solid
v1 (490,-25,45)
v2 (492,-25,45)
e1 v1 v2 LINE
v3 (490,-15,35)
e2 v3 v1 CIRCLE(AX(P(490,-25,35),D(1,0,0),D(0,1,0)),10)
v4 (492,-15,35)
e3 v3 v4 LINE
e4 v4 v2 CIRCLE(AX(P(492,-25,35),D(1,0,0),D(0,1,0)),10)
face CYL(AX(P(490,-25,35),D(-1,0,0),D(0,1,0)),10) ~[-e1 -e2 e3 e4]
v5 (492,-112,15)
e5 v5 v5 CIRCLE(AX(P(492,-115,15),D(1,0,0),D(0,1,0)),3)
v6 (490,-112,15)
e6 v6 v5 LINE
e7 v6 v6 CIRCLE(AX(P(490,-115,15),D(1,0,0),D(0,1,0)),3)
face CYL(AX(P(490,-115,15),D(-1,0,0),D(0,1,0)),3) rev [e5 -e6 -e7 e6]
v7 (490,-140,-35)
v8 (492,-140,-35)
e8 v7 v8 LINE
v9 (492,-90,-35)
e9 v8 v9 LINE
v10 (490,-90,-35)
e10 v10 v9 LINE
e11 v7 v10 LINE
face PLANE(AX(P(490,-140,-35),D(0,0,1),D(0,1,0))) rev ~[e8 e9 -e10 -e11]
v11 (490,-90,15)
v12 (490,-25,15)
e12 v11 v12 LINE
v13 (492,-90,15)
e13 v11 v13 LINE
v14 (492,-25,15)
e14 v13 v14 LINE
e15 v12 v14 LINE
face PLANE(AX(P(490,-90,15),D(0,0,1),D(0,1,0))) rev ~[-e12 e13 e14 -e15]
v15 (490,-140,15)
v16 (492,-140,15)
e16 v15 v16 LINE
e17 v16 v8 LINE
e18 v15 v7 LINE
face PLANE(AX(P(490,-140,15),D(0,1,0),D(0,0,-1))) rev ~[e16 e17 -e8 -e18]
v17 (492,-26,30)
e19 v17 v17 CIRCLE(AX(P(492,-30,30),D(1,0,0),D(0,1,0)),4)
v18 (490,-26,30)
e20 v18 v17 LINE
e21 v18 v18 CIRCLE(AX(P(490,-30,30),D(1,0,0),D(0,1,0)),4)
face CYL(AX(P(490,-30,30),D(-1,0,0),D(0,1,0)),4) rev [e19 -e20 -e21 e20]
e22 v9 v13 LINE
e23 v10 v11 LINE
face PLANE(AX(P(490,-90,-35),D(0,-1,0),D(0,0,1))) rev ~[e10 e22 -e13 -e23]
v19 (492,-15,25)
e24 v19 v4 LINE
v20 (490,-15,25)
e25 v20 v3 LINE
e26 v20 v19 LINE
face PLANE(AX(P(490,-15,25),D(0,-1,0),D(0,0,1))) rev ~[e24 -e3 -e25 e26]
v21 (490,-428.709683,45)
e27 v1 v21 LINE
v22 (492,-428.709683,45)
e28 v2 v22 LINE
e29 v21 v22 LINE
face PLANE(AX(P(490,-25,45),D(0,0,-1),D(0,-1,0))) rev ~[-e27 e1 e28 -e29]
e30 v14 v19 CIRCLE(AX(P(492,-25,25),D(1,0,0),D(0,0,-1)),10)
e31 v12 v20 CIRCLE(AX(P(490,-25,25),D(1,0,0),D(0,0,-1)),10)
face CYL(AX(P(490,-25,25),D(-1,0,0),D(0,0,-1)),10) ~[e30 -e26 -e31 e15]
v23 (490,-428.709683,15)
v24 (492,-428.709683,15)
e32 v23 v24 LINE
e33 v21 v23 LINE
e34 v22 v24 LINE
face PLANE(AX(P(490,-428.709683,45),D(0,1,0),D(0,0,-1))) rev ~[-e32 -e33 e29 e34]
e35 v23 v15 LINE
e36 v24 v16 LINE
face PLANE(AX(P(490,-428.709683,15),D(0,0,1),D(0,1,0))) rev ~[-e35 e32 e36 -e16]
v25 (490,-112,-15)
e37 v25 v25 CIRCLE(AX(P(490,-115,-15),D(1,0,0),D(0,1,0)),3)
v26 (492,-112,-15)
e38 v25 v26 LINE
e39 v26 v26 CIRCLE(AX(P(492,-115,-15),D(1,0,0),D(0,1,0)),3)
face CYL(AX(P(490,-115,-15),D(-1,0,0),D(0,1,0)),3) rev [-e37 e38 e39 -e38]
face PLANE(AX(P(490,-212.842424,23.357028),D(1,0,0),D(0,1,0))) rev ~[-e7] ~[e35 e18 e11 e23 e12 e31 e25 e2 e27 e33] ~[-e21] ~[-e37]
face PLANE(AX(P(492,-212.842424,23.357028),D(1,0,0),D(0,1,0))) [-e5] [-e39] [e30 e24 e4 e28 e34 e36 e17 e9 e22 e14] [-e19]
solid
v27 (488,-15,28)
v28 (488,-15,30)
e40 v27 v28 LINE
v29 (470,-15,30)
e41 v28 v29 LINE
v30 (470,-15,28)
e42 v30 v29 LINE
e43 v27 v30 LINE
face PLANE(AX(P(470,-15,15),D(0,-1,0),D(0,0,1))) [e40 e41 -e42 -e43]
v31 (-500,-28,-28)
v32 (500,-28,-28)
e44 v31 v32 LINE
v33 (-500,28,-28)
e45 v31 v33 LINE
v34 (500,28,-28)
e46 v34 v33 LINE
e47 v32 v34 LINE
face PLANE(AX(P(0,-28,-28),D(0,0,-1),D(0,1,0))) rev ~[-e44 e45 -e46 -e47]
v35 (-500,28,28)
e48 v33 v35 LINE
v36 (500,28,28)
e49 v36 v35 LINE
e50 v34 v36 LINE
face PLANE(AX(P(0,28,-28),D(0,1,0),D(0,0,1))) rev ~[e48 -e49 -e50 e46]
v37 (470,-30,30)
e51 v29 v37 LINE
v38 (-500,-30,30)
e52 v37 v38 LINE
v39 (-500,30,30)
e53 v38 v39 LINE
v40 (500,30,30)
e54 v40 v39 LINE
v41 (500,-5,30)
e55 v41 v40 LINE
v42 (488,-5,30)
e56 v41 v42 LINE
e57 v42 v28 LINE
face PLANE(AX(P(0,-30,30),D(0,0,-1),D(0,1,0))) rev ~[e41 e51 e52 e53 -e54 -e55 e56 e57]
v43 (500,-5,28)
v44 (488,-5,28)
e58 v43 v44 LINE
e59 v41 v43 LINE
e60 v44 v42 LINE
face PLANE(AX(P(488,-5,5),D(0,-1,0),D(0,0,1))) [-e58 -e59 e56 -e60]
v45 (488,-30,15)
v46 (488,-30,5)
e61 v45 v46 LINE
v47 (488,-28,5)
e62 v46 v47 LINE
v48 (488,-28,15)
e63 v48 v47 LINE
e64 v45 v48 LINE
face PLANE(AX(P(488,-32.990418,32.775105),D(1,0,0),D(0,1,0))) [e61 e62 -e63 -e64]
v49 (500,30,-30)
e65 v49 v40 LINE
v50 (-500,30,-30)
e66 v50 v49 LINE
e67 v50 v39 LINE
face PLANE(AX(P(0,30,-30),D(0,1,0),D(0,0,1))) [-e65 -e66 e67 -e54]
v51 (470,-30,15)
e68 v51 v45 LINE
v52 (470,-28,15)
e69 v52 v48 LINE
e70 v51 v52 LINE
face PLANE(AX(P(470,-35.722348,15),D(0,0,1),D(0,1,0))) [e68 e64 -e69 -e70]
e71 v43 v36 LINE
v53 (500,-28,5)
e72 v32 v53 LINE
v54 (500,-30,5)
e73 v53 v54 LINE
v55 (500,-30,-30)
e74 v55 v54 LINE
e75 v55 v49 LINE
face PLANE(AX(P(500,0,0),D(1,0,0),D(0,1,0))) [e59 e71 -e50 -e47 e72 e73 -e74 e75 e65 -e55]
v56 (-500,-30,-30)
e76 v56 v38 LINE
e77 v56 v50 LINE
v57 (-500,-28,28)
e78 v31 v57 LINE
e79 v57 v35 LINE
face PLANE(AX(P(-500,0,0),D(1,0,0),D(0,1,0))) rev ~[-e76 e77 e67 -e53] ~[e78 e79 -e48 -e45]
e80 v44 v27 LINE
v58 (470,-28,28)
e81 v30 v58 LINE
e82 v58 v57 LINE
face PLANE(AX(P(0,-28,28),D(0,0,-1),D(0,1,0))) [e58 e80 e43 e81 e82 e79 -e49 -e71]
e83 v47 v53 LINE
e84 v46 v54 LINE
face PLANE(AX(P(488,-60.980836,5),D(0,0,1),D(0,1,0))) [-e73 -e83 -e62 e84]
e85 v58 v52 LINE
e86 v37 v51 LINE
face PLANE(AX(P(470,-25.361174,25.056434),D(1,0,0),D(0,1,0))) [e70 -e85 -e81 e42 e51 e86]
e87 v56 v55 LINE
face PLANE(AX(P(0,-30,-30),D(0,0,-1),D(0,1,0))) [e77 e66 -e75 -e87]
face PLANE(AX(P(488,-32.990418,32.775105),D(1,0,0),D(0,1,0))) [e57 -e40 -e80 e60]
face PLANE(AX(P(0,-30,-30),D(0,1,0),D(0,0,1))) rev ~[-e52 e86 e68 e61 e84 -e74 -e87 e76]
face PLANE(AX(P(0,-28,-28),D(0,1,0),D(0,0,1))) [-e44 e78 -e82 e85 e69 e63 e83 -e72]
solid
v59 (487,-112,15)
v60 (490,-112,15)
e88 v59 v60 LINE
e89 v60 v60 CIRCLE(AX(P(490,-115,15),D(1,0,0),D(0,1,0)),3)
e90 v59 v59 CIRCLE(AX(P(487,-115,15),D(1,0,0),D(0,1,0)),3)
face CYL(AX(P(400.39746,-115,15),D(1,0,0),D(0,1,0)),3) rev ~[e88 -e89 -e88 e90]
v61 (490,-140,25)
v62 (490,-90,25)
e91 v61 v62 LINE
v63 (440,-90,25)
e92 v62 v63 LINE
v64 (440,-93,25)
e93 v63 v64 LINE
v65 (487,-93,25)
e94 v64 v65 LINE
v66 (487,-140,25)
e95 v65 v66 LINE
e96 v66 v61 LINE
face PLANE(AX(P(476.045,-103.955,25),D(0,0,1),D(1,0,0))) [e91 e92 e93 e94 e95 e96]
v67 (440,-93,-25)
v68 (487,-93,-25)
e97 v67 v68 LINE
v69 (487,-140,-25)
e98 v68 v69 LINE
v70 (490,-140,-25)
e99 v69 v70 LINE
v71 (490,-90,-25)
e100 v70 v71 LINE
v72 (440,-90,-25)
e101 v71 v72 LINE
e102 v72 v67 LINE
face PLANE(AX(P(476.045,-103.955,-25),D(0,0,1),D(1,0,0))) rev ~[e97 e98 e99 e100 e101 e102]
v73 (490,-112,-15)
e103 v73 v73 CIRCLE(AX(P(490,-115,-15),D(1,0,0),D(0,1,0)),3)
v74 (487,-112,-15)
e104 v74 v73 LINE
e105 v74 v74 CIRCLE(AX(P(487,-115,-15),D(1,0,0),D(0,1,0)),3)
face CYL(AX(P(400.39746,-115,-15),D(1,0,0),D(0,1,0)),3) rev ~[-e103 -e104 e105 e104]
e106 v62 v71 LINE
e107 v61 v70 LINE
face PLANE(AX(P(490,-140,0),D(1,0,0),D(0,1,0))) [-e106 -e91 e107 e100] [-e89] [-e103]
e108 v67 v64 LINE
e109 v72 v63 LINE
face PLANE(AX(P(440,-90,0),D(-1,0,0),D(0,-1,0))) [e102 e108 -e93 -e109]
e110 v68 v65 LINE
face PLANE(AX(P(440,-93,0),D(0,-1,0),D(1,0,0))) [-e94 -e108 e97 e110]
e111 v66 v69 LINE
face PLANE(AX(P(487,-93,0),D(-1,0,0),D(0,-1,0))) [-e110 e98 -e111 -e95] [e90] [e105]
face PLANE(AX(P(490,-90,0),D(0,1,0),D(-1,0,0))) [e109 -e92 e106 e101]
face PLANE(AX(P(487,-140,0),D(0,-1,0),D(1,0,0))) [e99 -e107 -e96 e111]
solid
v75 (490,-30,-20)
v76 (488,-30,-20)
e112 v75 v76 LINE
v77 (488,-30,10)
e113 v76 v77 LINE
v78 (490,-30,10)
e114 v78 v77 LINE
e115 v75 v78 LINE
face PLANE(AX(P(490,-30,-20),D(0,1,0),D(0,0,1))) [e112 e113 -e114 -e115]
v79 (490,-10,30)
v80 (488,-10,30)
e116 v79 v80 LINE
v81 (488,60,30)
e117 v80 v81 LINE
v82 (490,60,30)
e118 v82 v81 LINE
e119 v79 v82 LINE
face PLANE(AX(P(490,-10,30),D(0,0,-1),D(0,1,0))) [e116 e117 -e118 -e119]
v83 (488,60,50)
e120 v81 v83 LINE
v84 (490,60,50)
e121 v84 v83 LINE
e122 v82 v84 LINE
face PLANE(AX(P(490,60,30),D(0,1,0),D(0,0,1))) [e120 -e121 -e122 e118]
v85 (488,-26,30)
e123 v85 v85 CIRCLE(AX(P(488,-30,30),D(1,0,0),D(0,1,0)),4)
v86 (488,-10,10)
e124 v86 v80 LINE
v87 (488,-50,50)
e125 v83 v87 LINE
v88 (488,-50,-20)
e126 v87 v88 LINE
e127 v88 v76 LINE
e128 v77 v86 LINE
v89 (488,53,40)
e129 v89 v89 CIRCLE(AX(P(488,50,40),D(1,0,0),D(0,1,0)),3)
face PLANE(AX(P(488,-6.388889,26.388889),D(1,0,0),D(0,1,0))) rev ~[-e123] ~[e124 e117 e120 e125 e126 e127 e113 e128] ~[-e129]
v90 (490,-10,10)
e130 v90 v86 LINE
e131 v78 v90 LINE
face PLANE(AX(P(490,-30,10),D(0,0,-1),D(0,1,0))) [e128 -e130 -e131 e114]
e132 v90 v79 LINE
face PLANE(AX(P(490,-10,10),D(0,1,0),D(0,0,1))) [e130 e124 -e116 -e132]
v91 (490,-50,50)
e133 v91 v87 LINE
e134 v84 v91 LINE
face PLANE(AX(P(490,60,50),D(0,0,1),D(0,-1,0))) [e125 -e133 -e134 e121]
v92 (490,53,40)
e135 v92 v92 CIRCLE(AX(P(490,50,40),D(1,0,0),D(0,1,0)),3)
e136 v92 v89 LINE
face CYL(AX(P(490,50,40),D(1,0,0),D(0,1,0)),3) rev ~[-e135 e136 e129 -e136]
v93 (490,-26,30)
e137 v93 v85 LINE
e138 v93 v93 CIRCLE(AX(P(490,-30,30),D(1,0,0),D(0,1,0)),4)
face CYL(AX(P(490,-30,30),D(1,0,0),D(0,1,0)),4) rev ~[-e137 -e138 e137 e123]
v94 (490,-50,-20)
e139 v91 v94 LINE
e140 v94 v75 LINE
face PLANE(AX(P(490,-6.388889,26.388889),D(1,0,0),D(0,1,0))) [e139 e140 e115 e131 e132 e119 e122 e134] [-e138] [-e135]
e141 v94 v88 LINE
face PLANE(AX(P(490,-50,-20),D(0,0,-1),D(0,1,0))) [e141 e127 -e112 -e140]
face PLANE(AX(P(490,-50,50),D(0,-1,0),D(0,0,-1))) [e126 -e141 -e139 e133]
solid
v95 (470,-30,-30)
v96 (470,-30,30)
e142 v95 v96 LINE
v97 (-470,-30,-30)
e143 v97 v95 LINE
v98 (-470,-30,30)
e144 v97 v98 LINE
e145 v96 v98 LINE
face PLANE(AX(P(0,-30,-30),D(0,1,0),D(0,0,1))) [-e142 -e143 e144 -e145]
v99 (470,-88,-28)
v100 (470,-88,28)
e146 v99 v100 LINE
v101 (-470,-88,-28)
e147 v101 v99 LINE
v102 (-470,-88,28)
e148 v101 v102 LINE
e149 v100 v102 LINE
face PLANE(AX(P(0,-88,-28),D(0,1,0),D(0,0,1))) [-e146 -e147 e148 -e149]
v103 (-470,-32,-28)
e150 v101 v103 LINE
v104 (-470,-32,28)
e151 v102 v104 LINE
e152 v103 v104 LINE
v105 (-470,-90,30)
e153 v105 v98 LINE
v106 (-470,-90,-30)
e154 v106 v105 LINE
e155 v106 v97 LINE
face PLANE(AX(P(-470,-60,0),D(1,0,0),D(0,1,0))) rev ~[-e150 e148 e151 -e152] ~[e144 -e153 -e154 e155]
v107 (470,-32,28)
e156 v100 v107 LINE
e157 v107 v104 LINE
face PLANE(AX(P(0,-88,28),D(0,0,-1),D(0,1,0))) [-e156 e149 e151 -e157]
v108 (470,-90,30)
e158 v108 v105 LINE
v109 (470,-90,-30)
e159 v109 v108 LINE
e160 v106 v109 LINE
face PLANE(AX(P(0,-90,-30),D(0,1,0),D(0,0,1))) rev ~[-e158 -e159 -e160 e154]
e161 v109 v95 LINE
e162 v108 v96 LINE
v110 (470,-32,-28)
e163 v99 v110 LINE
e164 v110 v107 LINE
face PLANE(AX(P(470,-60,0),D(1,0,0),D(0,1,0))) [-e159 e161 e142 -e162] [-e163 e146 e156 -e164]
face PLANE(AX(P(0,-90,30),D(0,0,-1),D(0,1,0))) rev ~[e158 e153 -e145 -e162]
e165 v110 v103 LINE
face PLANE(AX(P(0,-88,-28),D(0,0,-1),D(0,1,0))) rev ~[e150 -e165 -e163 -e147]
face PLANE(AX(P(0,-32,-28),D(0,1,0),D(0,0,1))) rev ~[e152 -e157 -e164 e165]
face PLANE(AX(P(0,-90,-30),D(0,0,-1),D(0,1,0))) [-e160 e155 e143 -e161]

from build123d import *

# Parameters (mm, degrees)
F0_W           = 60
F0_H           = 60
F0_W_2         = 56
F0_H_2         = 56
F1_DEPTH       = 500
F1_DEPTH_BACK  = 500
F3_R           = 4
F3_R_2         = 3
F4_DEPTH       = 2
F7_W           = 20.7223480755
F7_H           = 20.1128678018
F8_DEPTH       = 100
F9_W           = 55.9808363225
F9_H           = 55.5502105092
F10_DEPTH      = 25
F11_W          = 60
F11_H          = 60
F11_W_2        = 56
F11_H_2        = 56
F12_DEPTH      = 470
F12_DEPTH_BACK = 470
F13_R          = 3
F13_R_2        = 4
F14_DEPTH      = 2
F16_DEPTH      = 25
F18_D          = 6
F20_D          = 6


with BuildPart() as f1:
    # F0 (on Right) → F1 (new body, two sides)
    with BuildSketch(Plane.YZ) as f1_sk:
        Rectangle(F0_W, F0_H)
        Rectangle(F0_W_2, F0_H_2, mode=Mode.SUBTRACT)
    extrude(amount=F1_DEPTH)
    extrude(f1_sk.sketch, amount=-F1_DEPTH_BACK)

    # F7 (on offset) → F8 (cut)
    with BuildSketch(Plane.YZ.offset(470)):
        with Locations((-25.3611740378, 25.0564339009)):
            Rectangle(F7_W, F7_H)
    extrude(amount=F8_DEPTH, mode=Mode.SUBTRACT)

    # F9 (on offset) → F10 (cut)
    with BuildSketch(Plane.YZ.offset(488)):
        with Locations((-32.9904181612, 32.7751052546)):
            Rectangle(F9_W, F9_H)
    extrude(amount=F10_DEPTH, mode=Mode.SUBTRACT)


with BuildPart() as f4:
    # F3 (on offset) → F4 (new body)
    with BuildSketch(Plane.YZ.offset(490)):
        Polygon((60, 50), (-50, 50), (-50, -20), (-30, -20), (-30, 10), (-10, 10), (-10, 30), (60, 30), align=None)
        with Locations((-30, 30)):
            Circle(F3_R, mode=Mode.SUBTRACT)
        with Locations((50, 40)):
            Circle(F3_R_2, mode=Mode.SUBTRACT)
    extrude(amount=-F4_DEPTH)


with BuildPart() as f12:
    # F11 (on Right) → F12 (new body, two sides)
    with BuildSketch(Plane.YZ) as f12_sk:
        with Locations((-60, 0)):
            Rectangle(F11_W, F11_H)
        with Locations((-60, 0)):
            Rectangle(F11_W_2, F11_H_2, mode=Mode.SUBTRACT)
    extrude(amount=F12_DEPTH)
    extrude(f12_sk.sketch, amount=-F12_DEPTH_BACK)


with BuildPart() as f14:
    # F13 (on offset) → F14 (new body)
    with BuildSketch(Plane.YZ.offset(490)):
        with BuildLine():
            ThreePointArc((-15, 35), (-17.9289321881, 42.0710678119), (-25, 45))
            Line((-25, 45), (-428.7096833438, 45))
            Line((-428.7096833438, 45), (-428.7096833438, 15))
            Line((-428.7096833438, 15), (-140, 15))
            Line((-140, 15), (-140, -35))
            Line((-140, -35), (-90, -35))
            Line((-90, -35), (-90, 15))
            Line((-90, 15), (-25, 15))
            ThreePointArc((-25, 15), (-17.9289321881, 17.9289321881), (-15, 25))
            Line((-15, 25), (-15, 35))
        make_face()
        with Locations((-115, -15)):
            Circle(F13_R, mode=Mode.SUBTRACT)
        with Locations((-115, 15)):
            Circle(F13_R, mode=Mode.SUBTRACT)
        with Locations((-30, 30)):
            Circle(F13_R_2, mode=Mode.SUBTRACT)
    extrude(amount=F14_DEPTH)


with BuildPart() as f16:
    # F15 (on Top) → F16 (new body, symmetric)
    with BuildSketch(Plane.XY):
        Polygon((490, -90), (440, -90), (440, -93), (487, -93), (487, -140), (490, -140), align=None)
    extrude(amount=F16_DEPTH, both=True)

    # F18 (through all)
    with Locations(Plane(origin=(487, 0, 0), x_dir=(0, -1, 0), z_dir=(-1, 0, 0))):
        with Locations((115, 15)):
            Hole(F18_D / 2)

    # F20 (through all)
    with Locations(Plane(origin=(487, 0, 0), x_dir=(0, -1, 0), z_dir=(-1, 0, 0))):
        with Locations((115, -15)):
            Hole(F20_D / 2)


solid = Compound([f1.part, f4.part, f12.part, f14.part, f16.part])
